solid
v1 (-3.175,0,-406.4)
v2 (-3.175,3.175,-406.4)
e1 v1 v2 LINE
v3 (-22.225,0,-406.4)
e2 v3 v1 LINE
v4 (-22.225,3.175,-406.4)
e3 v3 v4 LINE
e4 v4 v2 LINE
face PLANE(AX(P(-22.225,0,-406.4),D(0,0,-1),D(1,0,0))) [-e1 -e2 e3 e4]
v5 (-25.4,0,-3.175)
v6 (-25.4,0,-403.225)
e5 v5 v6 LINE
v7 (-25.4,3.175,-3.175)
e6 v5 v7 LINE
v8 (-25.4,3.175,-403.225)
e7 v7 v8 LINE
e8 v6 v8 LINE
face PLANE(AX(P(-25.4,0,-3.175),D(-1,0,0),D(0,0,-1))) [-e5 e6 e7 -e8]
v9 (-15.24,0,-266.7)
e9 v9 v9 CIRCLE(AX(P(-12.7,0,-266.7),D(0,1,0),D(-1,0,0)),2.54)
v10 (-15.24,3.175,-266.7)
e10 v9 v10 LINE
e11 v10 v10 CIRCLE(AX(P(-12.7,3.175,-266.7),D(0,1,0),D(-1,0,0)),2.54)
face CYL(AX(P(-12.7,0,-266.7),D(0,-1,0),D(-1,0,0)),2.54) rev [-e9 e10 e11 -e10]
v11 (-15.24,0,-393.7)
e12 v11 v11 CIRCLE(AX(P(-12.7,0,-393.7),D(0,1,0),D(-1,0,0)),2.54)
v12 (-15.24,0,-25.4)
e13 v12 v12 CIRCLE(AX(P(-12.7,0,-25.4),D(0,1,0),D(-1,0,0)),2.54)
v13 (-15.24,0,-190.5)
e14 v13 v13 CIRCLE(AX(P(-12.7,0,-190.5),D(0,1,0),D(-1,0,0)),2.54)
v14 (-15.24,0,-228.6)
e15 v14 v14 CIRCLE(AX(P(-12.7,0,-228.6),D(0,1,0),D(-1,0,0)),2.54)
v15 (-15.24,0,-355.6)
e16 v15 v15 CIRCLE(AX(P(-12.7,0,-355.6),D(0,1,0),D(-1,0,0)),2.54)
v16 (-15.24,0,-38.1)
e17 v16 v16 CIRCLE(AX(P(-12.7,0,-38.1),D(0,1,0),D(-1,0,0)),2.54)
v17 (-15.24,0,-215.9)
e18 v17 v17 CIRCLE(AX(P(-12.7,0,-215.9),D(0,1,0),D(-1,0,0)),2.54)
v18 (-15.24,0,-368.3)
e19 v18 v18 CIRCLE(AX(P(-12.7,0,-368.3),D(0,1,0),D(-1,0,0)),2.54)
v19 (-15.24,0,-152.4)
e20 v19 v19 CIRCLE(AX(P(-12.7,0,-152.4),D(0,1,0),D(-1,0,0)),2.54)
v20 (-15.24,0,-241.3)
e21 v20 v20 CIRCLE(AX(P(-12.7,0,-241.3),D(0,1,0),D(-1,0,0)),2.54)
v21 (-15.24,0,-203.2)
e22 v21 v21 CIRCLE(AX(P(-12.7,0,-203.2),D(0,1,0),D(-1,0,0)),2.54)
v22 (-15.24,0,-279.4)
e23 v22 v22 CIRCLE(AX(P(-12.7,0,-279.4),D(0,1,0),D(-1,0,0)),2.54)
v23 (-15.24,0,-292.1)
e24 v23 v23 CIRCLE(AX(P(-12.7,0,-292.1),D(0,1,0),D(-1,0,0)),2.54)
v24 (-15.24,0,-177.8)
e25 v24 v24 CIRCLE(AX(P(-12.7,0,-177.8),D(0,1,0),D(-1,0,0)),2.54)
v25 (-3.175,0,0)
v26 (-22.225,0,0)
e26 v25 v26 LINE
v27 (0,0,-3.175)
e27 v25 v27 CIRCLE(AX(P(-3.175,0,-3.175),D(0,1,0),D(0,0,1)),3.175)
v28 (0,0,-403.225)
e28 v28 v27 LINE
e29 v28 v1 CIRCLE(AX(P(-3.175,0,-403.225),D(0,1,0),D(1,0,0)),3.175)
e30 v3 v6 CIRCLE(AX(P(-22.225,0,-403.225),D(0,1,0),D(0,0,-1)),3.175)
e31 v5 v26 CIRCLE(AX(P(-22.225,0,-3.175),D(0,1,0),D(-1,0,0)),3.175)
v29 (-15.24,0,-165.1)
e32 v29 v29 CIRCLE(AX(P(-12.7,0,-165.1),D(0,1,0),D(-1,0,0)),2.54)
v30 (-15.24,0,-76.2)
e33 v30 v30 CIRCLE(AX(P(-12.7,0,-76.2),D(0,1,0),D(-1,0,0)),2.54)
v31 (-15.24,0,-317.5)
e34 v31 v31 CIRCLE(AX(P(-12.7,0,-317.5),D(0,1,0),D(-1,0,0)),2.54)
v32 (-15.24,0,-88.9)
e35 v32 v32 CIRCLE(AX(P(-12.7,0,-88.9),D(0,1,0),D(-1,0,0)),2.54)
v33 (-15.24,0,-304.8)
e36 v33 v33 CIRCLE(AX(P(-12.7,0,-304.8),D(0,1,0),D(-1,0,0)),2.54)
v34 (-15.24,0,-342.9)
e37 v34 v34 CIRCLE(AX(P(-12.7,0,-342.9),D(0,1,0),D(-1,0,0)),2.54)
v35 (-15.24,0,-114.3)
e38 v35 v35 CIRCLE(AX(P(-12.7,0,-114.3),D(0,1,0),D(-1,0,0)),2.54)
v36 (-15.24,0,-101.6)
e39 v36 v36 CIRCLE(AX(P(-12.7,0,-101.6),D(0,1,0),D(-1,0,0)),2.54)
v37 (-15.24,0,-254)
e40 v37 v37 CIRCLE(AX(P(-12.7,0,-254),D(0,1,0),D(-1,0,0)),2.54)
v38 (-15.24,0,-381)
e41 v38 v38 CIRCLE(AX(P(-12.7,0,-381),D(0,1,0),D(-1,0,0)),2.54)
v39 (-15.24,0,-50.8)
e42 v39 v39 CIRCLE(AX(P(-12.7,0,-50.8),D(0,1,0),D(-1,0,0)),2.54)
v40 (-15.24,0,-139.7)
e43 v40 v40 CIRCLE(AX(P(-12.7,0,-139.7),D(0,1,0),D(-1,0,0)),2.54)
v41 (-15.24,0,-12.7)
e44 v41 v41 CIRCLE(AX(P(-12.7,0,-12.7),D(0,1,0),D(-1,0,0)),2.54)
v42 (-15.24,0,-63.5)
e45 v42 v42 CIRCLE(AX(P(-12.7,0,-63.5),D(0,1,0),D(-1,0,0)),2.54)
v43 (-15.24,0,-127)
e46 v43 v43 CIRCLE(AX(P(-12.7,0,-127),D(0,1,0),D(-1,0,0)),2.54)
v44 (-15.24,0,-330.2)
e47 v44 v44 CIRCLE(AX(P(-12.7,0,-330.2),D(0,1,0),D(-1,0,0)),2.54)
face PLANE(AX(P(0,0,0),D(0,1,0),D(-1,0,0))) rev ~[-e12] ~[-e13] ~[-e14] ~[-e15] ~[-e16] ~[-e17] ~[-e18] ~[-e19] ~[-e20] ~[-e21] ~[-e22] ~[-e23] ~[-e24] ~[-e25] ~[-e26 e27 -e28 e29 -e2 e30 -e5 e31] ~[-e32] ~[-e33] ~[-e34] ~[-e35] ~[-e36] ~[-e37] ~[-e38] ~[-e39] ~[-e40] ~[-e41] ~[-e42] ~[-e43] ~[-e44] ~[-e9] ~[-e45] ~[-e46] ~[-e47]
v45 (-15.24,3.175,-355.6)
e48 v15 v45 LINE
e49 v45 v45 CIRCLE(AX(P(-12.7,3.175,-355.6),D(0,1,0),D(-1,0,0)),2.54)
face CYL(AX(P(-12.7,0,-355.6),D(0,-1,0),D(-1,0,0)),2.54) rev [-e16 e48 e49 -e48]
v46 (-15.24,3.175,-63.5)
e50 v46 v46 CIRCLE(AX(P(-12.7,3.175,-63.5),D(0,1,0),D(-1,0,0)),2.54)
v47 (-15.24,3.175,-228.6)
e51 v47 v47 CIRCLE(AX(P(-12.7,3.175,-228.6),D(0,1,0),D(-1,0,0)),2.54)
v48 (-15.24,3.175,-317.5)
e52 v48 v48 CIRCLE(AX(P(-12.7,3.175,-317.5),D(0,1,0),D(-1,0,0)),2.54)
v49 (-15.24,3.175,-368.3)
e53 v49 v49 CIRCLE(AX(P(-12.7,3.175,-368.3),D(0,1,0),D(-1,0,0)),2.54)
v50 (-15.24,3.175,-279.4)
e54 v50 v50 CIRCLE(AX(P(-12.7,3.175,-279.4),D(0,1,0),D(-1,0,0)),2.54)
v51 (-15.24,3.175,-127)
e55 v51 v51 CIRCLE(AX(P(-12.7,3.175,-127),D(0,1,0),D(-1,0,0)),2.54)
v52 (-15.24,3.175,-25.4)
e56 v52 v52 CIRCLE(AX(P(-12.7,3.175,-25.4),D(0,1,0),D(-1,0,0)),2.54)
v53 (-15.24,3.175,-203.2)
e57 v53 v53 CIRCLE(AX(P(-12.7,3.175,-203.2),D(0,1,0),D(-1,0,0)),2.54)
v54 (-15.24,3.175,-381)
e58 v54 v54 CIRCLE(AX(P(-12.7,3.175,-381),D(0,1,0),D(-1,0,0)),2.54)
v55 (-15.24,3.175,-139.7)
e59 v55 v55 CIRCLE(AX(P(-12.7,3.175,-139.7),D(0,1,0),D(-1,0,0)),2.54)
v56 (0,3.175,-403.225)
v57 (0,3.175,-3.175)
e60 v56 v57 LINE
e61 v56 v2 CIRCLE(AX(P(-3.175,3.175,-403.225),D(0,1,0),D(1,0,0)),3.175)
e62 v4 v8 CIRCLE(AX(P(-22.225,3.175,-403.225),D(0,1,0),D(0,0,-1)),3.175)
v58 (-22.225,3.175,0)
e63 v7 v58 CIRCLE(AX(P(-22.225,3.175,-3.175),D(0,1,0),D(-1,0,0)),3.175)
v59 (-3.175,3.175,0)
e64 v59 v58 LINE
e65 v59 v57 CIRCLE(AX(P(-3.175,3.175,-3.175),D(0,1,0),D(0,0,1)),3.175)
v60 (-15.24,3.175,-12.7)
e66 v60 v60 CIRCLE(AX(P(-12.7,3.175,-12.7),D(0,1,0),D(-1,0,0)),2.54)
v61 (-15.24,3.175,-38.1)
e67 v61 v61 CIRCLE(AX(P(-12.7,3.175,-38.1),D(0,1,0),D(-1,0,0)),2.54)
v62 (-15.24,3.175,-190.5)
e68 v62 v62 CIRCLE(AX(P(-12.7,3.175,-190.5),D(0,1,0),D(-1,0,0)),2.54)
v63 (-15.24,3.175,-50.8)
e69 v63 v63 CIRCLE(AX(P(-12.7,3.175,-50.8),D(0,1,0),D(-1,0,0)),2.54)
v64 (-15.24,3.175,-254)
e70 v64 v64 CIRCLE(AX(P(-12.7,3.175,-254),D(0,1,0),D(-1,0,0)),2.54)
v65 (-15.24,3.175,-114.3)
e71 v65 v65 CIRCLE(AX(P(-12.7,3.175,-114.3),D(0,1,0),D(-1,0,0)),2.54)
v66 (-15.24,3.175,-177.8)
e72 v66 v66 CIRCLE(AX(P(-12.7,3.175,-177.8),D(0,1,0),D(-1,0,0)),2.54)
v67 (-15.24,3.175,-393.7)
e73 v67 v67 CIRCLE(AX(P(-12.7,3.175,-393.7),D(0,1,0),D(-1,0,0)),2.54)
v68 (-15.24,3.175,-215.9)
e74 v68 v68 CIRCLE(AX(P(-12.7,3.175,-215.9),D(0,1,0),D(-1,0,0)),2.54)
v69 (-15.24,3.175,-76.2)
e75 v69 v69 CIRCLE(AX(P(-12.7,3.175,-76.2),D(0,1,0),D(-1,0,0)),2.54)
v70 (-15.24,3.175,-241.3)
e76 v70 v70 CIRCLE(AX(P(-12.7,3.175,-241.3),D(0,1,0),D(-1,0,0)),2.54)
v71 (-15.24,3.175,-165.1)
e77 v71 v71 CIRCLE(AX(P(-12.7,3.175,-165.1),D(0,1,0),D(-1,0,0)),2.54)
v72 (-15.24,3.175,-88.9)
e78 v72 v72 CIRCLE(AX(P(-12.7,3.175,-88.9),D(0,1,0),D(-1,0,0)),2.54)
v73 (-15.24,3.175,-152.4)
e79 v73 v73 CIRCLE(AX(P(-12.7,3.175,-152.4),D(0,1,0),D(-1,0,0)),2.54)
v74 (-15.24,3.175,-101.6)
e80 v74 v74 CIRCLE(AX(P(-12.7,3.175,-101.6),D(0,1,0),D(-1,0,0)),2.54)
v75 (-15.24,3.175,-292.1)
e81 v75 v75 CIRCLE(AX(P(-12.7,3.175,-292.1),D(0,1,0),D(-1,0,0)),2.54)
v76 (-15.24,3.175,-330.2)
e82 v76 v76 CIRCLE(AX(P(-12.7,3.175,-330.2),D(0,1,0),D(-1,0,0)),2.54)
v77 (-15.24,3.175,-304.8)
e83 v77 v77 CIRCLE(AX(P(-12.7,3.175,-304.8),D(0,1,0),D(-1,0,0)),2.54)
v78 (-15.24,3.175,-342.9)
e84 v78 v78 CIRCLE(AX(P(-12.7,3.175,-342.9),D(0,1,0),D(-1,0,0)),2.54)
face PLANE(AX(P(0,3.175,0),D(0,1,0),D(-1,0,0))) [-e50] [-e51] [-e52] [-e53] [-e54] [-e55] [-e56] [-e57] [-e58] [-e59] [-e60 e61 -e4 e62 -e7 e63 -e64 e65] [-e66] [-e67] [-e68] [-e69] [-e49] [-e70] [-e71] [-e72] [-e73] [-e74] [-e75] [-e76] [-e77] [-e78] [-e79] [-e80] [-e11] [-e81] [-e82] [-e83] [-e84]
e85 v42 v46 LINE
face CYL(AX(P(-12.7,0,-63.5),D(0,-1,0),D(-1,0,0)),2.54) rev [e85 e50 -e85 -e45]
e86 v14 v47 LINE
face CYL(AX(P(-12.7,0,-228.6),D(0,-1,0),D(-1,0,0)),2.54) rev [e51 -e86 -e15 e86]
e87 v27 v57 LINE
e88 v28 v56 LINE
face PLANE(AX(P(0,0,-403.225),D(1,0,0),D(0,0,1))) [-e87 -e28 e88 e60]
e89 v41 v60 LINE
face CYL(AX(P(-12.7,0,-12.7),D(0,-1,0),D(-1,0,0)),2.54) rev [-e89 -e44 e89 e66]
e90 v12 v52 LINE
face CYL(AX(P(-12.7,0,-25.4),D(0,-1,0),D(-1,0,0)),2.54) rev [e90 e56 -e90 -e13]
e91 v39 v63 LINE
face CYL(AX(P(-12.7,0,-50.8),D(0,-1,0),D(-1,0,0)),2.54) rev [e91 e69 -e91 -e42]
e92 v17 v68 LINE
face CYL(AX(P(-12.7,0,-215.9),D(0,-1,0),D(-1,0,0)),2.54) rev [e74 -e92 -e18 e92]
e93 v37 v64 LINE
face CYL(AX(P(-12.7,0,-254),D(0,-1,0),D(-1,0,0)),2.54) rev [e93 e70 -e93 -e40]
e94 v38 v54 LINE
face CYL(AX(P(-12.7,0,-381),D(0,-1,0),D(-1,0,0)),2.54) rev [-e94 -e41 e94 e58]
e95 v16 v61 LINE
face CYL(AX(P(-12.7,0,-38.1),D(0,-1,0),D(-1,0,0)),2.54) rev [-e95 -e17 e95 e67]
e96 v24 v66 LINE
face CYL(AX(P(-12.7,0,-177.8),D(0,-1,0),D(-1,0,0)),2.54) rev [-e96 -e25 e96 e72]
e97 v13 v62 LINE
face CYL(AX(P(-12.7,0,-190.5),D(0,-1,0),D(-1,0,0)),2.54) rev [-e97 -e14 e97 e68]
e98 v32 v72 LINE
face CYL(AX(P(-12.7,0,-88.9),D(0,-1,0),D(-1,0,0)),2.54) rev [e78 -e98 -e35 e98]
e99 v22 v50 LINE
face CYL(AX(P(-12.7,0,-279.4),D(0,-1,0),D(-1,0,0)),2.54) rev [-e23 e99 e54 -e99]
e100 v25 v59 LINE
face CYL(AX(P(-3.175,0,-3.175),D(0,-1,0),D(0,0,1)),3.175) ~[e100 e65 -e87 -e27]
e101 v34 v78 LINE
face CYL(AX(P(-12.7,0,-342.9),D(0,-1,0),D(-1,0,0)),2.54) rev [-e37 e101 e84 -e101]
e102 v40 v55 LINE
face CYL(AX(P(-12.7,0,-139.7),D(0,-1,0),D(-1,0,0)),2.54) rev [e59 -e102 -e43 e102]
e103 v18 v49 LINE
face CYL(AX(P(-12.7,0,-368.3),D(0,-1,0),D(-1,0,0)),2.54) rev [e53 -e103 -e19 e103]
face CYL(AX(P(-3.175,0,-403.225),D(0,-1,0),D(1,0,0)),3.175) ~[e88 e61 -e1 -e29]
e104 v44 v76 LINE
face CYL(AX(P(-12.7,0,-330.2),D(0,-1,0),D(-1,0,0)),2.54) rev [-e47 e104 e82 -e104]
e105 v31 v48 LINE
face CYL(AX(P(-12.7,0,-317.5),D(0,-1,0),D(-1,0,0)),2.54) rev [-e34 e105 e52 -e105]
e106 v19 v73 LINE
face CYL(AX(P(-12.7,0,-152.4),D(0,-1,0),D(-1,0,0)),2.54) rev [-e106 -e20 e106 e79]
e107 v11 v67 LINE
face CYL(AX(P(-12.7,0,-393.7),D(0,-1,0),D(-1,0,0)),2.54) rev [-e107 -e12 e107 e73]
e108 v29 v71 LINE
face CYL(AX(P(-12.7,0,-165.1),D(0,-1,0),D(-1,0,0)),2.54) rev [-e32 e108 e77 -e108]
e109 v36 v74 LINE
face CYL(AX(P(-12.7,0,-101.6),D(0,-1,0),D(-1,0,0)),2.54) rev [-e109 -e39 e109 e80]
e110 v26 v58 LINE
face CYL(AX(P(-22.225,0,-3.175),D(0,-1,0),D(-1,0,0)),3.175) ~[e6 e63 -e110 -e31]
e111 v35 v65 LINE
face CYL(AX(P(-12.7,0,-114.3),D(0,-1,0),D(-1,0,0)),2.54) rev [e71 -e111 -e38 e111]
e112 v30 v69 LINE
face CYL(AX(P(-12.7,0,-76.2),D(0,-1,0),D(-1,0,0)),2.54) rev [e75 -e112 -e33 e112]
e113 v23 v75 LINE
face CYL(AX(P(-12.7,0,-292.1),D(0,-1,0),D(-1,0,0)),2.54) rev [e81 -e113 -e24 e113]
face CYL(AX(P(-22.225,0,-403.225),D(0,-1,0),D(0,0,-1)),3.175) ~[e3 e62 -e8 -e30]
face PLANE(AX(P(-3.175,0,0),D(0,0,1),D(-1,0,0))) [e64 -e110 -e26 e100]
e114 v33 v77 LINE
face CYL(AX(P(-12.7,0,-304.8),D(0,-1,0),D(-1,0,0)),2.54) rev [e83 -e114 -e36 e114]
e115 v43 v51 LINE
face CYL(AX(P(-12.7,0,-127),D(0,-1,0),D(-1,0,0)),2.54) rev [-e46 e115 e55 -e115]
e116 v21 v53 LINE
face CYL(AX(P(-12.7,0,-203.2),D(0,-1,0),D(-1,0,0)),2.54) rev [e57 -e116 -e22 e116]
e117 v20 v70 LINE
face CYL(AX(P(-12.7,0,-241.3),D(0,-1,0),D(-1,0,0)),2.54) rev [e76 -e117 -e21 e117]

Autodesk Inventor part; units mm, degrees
ref_plane "YZ Plane" through (0, 0, 0) normal (1, 0, 0) x (0, 1, 0)
ref_plane "XZ Plane" through (0, 0, 0) normal (0, 1, 0) x (-1, 0, 0)
ref_plane "XY Plane" through (0, 0, 0) normal (0, 0, 1) x (1, 0, 0)
sketch "Sketch1" plane through (0, 0, 0) normal (0, 1, 0) x (-1, 0, 0)
  line L0 (3.175, 0) -> (22.225, 0)
  line L1 (25.4, -3.175) -> (25.4, -403.225)
  line L2 (22.225, -406.4) -> (3.175, -406.4)
  line L3 (0, -403.225) -> (0, -3.175)
  arc A0 (25.4, -3.175) -> (22.225, 0) centre (22.225, -3.175) ccw
  arc A1 (3.175, 0) -> (0, -3.175) centre (3.175, -3.175) ccw
  arc A2 (22.225, -406.4) -> (25.4, -403.225) centre (22.225, -403.225) ccw
  arc A3 (0, -403.225) -> (3.175, -406.4) centre (3.175, -403.225) ccw
  circle A4 centre (12.7, -12.7) radius 2.54
  circle A5 centre (12.7, -25.4) radius 2.54
  circle A6 centre (12.7, -38.1) radius 2.54
  circle A7 centre (12.7, -50.8) radius 2.54
  circle A8 centre (12.7, -63.5) radius 2.54
  circle A9 centre (12.7, -76.2) radius 2.54
  circle A10 centre (12.7, -88.9) radius 2.54
  circle A11 centre (12.7, -101.6) radius 2.54
  circle A12 centre (12.7, -114.3) radius 2.54
  circle A13 centre (12.7, -127) radius 2.54
  circle A14 centre (12.7, -139.7) radius 2.54
  circle A15 centre (12.7, -152.4) radius 2.54
  circle A16 centre (12.7, -165.1) radius 2.54
  circle A17 centre (12.7, -177.8) radius 2.54
  circle A18 centre (12.7, -190.5) radius 2.54
  circle A19 centre (12.7, -203.2) radius 2.54
  circle A20 centre (12.7, -215.9) radius 2.54
  circle A21 centre (12.7, -228.6) radius 2.54
  circle A22 centre (12.7, -241.3) radius 2.54
  circle A23 centre (12.7, -254) radius 2.54
  circle A24 centre (12.7, -266.7) radius 2.54
  circle A25 centre (12.7, -279.4) radius 2.54
  circle A26 centre (12.7, -292.1) radius 2.54
  circle A27 centre (12.7, -304.8) radius 2.54
  circle A28 centre (12.7, -317.5) radius 2.54
  circle A29 centre (12.7, -330.2) radius 2.54
  circle A30 centre (12.7, -342.9) radius 2.54
  circle A31 centre (12.7, -355.6) radius 2.54
  circle A32 centre (12.7, -368.3) radius 2.54
  circle A33 centre (12.7, -381) radius 2.54
  circle A34 centre (12.7, -393.7) radius 2.54
  point P0 (0, 0)
  dimension "d0" = 25.4
  dimension "d1" = 406.4
  dimension "d2" = 3.175
  dimension "d3" = 3.175
  dimension "d4" = 12.7
  dimension "d5" = 5.08
  dimension "d6" = 12.7
  dimension "d9" = 12.7
extrude "Extrusion1" add sketch "Sketch1" along normal blind 3.175
properties part number "ELEV_016_SUPBAR1" material "Aluminum 6061"
